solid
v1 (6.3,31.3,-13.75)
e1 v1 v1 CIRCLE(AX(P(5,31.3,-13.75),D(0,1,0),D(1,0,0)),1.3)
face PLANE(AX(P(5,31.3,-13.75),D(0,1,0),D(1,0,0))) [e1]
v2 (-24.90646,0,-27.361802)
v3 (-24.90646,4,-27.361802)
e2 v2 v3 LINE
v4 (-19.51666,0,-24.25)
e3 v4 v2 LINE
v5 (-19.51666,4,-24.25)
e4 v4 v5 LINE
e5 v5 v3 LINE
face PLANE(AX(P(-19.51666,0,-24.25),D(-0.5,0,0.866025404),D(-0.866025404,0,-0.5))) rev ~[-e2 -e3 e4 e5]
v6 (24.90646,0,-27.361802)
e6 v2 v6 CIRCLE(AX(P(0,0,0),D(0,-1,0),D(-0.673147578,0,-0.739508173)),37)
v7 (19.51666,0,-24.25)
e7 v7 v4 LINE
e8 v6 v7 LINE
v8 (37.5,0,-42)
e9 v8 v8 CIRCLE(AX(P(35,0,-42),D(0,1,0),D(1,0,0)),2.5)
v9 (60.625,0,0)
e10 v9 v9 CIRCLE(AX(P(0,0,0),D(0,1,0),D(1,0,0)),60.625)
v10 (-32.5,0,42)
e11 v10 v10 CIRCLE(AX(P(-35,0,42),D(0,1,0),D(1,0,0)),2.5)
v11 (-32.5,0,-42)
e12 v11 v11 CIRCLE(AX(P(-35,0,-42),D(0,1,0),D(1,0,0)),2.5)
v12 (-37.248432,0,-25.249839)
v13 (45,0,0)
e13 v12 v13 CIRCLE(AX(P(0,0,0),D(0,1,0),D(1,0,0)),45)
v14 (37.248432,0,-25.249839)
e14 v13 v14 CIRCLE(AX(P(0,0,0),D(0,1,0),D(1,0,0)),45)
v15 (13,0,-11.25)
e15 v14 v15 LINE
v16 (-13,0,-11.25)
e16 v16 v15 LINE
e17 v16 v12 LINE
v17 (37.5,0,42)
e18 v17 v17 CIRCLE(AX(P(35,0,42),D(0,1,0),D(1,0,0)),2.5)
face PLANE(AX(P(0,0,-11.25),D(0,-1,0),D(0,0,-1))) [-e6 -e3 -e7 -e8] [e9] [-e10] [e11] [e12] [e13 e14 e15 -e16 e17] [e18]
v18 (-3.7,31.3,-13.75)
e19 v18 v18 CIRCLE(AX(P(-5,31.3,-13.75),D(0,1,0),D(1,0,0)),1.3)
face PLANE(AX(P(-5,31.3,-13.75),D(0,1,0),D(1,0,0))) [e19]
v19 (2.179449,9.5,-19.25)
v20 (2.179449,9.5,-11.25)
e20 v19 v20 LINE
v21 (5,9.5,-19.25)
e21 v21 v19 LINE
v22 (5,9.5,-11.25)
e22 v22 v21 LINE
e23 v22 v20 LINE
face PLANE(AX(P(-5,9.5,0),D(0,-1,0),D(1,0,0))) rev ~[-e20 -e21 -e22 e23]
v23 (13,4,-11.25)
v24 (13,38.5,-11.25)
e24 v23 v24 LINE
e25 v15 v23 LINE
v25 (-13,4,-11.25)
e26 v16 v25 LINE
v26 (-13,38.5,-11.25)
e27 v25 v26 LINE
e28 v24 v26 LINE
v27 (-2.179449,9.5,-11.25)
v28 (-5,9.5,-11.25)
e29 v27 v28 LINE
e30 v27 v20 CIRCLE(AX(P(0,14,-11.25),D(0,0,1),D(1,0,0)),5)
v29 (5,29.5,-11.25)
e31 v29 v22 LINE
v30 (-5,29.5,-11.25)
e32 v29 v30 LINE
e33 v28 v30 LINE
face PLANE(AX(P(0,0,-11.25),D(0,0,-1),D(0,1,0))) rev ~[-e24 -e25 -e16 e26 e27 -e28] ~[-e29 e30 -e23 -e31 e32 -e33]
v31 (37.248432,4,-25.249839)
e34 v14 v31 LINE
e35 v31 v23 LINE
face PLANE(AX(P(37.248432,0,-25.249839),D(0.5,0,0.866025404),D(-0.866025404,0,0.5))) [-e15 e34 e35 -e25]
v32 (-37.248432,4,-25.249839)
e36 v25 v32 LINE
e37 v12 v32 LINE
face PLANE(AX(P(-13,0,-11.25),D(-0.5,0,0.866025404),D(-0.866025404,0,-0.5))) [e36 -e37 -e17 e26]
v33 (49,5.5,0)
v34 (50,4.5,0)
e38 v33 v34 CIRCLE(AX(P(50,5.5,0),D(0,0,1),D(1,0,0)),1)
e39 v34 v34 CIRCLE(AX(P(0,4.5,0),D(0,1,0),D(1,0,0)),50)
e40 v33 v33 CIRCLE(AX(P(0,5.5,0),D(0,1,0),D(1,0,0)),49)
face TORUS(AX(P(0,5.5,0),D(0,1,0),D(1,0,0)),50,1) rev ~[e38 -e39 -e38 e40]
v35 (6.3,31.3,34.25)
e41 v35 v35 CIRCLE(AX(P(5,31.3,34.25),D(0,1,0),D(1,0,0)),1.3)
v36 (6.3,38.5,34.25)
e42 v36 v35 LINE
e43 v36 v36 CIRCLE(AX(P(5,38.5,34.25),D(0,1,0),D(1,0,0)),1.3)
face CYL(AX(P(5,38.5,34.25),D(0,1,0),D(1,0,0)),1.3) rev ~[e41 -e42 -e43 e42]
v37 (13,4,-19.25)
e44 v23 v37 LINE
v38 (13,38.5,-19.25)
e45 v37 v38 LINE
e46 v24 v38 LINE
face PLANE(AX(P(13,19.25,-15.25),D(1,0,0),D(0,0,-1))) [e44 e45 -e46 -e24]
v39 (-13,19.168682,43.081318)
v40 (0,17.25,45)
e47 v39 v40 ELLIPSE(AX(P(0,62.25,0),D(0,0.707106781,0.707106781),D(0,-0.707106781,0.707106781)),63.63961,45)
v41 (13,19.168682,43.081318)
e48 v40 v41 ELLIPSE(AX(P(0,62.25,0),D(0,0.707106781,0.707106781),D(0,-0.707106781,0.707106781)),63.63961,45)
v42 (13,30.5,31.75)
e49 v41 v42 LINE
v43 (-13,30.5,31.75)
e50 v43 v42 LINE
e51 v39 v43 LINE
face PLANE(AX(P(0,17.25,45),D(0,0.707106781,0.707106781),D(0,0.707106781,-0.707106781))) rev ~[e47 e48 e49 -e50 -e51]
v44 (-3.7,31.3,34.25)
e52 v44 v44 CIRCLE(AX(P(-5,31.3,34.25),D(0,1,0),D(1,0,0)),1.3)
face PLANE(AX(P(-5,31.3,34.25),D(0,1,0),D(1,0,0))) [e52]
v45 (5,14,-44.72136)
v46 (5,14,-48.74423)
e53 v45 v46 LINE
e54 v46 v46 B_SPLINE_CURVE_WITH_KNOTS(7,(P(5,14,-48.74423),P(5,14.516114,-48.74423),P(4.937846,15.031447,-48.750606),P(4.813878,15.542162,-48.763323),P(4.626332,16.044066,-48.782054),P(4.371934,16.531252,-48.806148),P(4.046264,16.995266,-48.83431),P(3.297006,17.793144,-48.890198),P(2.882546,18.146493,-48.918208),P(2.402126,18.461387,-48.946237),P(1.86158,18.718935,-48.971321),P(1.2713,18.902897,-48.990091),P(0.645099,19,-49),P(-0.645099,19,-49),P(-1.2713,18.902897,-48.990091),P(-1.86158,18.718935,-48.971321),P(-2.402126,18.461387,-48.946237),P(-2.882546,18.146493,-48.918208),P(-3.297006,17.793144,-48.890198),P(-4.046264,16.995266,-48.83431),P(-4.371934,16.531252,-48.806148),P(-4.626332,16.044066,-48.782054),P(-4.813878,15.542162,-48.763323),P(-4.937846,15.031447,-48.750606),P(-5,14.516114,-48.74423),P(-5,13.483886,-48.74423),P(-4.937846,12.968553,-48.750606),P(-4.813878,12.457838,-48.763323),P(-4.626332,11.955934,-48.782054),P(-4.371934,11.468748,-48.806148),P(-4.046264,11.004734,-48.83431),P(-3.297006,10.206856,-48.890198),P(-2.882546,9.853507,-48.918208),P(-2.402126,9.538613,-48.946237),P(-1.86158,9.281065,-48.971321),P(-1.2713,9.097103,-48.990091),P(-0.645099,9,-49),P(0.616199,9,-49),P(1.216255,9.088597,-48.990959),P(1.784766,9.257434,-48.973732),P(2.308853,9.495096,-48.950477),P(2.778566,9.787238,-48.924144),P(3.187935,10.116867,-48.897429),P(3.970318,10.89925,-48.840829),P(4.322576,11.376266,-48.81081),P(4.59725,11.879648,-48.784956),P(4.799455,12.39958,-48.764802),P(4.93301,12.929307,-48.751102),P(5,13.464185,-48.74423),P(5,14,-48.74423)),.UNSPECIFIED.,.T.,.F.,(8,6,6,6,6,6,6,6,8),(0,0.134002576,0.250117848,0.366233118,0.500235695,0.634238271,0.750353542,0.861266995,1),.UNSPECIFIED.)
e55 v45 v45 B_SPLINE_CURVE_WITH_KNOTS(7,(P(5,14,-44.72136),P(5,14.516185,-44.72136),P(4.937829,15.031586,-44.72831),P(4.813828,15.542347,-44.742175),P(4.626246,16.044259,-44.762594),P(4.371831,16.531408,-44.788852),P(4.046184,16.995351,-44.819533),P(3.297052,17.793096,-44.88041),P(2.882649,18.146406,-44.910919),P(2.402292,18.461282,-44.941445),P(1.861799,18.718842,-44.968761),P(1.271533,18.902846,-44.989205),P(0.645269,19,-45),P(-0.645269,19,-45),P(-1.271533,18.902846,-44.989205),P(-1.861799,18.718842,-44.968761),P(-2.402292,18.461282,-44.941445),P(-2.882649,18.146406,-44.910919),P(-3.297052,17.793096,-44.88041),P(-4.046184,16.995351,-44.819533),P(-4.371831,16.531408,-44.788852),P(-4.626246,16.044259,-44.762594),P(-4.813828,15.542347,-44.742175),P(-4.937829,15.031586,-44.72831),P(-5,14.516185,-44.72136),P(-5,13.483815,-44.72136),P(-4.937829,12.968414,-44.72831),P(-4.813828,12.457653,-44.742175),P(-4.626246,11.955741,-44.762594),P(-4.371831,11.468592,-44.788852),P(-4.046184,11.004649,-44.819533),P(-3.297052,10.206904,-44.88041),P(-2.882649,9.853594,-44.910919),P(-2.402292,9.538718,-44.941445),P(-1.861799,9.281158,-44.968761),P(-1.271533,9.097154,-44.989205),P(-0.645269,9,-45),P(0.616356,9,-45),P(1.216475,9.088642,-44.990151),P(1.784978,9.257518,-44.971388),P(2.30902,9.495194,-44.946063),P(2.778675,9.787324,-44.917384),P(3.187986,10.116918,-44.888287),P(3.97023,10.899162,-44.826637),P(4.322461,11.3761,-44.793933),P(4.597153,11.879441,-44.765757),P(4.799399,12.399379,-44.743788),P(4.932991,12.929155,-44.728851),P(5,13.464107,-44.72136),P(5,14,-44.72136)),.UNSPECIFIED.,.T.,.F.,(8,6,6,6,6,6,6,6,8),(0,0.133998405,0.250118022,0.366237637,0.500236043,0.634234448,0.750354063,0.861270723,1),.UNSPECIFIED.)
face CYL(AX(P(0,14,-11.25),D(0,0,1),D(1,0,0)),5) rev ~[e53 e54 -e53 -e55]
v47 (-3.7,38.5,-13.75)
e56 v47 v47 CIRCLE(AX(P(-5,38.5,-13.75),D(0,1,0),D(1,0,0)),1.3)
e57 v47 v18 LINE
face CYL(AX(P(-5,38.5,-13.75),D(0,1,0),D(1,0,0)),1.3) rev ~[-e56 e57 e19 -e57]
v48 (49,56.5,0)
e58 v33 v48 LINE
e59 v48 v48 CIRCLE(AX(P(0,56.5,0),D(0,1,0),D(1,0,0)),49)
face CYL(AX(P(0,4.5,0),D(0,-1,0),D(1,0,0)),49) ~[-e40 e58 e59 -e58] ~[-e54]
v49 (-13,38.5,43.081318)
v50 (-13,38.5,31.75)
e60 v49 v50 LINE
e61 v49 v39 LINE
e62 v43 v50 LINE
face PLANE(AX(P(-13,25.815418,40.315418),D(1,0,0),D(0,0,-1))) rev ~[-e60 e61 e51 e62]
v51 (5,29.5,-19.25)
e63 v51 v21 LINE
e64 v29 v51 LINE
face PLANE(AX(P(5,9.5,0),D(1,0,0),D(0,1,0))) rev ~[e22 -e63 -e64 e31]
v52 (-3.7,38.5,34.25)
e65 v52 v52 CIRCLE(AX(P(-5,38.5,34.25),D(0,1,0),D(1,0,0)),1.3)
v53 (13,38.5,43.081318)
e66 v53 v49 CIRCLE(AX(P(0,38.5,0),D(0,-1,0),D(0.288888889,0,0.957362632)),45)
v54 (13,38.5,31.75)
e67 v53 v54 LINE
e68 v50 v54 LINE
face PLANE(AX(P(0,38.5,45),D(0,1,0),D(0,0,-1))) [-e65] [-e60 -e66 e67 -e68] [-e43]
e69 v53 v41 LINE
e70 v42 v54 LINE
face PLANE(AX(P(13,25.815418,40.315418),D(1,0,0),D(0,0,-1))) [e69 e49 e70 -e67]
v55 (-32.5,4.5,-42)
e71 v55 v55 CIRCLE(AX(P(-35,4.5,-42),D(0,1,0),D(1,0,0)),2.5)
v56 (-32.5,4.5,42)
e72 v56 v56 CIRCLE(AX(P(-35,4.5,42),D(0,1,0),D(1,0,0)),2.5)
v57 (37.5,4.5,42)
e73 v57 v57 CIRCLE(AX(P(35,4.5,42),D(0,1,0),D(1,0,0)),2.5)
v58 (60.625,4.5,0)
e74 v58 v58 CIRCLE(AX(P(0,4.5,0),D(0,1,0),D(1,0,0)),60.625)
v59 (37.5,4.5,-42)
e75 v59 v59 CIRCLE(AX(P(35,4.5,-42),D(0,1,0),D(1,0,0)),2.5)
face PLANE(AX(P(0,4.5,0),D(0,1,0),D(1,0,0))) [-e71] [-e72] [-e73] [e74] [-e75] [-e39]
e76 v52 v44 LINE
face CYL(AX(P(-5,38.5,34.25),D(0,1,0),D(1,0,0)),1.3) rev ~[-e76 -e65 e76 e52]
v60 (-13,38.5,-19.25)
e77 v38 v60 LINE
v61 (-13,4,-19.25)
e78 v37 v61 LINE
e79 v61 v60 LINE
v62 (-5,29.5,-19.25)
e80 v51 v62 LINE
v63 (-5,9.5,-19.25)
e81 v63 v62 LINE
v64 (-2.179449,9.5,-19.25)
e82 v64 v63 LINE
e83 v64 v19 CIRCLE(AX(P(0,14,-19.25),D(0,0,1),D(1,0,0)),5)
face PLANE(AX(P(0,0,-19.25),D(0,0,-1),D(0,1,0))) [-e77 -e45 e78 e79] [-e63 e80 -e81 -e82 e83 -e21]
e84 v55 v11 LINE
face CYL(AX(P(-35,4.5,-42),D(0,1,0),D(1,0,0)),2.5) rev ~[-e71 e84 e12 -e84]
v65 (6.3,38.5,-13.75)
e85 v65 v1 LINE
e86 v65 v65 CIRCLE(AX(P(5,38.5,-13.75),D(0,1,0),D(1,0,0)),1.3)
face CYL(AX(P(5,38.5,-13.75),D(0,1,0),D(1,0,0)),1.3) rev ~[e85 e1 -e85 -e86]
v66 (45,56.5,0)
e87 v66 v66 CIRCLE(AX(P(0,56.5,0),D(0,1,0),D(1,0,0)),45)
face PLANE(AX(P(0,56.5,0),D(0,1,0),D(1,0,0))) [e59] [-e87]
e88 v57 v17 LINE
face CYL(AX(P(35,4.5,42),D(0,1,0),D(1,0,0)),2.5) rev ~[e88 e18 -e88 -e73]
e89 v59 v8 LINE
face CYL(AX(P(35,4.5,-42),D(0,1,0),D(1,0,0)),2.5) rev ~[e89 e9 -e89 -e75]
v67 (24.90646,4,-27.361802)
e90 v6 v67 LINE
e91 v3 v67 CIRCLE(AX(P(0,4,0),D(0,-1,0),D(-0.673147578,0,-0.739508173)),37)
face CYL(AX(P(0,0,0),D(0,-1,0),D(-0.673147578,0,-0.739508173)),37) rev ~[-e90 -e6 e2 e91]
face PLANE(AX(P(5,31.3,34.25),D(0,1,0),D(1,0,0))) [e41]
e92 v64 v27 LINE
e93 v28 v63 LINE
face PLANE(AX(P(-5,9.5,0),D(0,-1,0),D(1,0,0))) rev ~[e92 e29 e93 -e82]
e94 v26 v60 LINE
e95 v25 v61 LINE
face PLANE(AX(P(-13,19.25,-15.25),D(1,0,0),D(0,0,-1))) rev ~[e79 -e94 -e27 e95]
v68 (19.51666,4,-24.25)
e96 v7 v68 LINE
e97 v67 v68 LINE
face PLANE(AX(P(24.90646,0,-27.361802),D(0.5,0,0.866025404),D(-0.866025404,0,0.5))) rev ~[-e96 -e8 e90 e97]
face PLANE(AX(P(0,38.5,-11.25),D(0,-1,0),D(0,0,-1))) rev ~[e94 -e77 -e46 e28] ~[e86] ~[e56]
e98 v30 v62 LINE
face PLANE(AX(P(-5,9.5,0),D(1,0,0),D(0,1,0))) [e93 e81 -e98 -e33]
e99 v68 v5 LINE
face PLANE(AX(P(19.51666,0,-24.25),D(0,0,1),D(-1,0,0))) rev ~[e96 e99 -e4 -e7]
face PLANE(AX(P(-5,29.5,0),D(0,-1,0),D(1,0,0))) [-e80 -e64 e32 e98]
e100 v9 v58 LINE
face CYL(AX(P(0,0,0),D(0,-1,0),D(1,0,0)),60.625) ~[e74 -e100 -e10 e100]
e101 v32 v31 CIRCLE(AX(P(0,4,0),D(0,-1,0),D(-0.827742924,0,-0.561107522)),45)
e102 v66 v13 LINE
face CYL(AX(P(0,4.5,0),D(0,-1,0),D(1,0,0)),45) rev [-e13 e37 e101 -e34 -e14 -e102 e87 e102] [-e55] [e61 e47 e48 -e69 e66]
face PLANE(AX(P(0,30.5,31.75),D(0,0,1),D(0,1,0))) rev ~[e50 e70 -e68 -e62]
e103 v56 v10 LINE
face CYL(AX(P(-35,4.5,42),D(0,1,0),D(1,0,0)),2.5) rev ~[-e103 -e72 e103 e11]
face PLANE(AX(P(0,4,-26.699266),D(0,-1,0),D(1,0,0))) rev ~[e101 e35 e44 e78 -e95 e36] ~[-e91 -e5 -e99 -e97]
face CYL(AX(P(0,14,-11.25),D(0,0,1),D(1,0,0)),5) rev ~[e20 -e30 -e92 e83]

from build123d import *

# Parameters (mm, degrees)
SKETCH2_R           = 60.625
SKETCH2_R_2         = 45
BOSS_EXTRUDE1_DEPTH = 4.5
SKETCH3_R           = 49
SKETCH3_R_2         = 45
BOSS_EXTRUDE2_DEPTH = 52
SKETCH4_W           = 13.25
SKETCH4_H           = 8
SKETCH4_W_2         = 8
SKETCH4_H_2         = 38.5
BOSS_EXTRUDE3_DEPTH = 13
SKETCH5_W           = 10
SKETCH5_H           = 20
CUT_EXTRUDE1_DEPTH  = 26
SKETCH6_R           = 5
CUT_EXTRUDE2_DEPTH  = 50.375
SKETCH7_R           = 1.3
CUT_EXTRUDE3_DEPTH  = 7.2
BOSS_EXTRUDE4_DEPTH = 4
FILLET1_R           = 1
SKETCH9_R           = 2.5
CUT_EXTRUDE4_DEPTH  = 5.5000001


with BuildPart() as part:
    # Sketch2 → Boss-Extrude1 (new body)
    with BuildSketch(Plane(origin=(0, 0, 0), x_dir=(1, 0, 0), z_dir=(0, 1, 0))):
        Circle(SKETCH2_R)
        Circle(SKETCH2_R_2, mode=Mode.SUBTRACT)
    extrude(amount=BOSS_EXTRUDE1_DEPTH)

    # Sketch3 → Boss-Extrude2 (add)
    with BuildSketch(Plane(origin=(0, 4.5, 0), x_dir=(1, 0, 0), z_dir=(0, 1, 0))):
        Circle(SKETCH3_R)
        Circle(SKETCH3_R_2, mode=Mode.SUBTRACT)
    extrude(amount=BOSS_EXTRUDE2_DEPTH)

    # Sketch4 → Boss-Extrude3 (add, symmetric)
    with BuildSketch(Plane(origin=(0, 0, 0), x_dir=(0, 0, -1), z_dir=(1, 0, 0))):
        Polygon((-31.75, 30.5), (-45, 30.5), (-45, 17.25), align=None)
        with Locations((-38.375, 34.5)):
            Rectangle(SKETCH4_W, SKETCH4_H)
        with Locations((15.25, 19.25)):
            Rectangle(SKETCH4_W_2, SKETCH4_H_2)
    extrude(amount=BOSS_EXTRUDE3_DEPTH, both=True)

    # Sketch5 → Cut-Extrude1 (cut)
    with BuildSketch(Plane.XY):
        with Locations((0, 19.5)):
            Rectangle(SKETCH5_W, SKETCH5_H)
    extrude(amount=-CUT_EXTRUDE1_DEPTH, mode=Mode.SUBTRACT)

    # Sketch6 → Cut-Extrude2 (cut, through all)
    with BuildSketch(Plane.XY.offset(-11.25)):
        with Locations((0, 14)):
            Circle(SKETCH6_R)
    extrude(amount=-CUT_EXTRUDE2_DEPTH, mode=Mode.SUBTRACT)

    # Sketch7 → Cut-Extrude3 (cut)
    with BuildSketch(Plane(origin=(0, 38.5, 0), x_dir=(1, 0, 0), z_dir=(0, 1, 0))):
        with Locations((-5, 13.75)):
            Circle(SKETCH7_R)
        with Locations((5, 13.75)):
            Circle(SKETCH7_R)
        with Locations((-5, -34.25)):
            Circle(SKETCH7_R)
        with Locations((5, -34.25)):
            Circle(SKETCH7_R)
    extrude(amount=-CUT_EXTRUDE3_DEPTH, mode=Mode.SUBTRACT)

    # Sketch8 → Boss-Extrude4 (add)
    with BuildSketch(Plane.XZ):
        with BuildLine():
            Line((13, -11.25), (-13, -11.25))
            Line((-13, -11.25), (-37.248431585, -25.249838503))
            ThreePointArc((-37.248431585, -25.249838503), (0, -45), (37.248431585, -25.249838503))
            Line((37.248431585, -25.249838503), (13, -11.25))
        make_face()
        with BuildLine():
            Line((-19.516660498, -24.25), (-24.906460381, -27.361802413))
            ThreePointArc((-24.906460381, -27.361802413), (0, -37), (24.906460381, -27.361802413))
            Line((24.906460381, -27.361802413), (19.516660498, -24.25))
            Line((19.516660498, -24.25), (-19.516660498, -24.25))
        make_face(mode=Mode.SUBTRACT)
    extrude(amount=-BOSS_EXTRUDE4_DEPTH)

    # Fillet1
    fillet1_edges = [part.edges().sort_by_distance(p)[0] for p in [
        (-49, 4.5, 0),
    ]]
    fillet(fillet1_edges, radius=FILLET1_R)

    # Sketch9 → Cut-Extrude4 (cut, through all)
    with BuildSketch(Plane(origin=(0, 4.5, 0), x_dir=(1, 0, 0), z_dir=(0, 1, 0))):
        with Locations((35, 42)):
            Circle(SKETCH9_R)
        with Locations((35, -42)):
            Circle(SKETCH9_R)
        with Locations((-35, -42)):
            Circle(SKETCH9_R)
        with Locations((-35, 42)):
            Circle(SKETCH9_R)
    extrude(amount=-CUT_EXTRUDE4_DEPTH, mode=Mode.SUBTRACT)


solid = part.part
